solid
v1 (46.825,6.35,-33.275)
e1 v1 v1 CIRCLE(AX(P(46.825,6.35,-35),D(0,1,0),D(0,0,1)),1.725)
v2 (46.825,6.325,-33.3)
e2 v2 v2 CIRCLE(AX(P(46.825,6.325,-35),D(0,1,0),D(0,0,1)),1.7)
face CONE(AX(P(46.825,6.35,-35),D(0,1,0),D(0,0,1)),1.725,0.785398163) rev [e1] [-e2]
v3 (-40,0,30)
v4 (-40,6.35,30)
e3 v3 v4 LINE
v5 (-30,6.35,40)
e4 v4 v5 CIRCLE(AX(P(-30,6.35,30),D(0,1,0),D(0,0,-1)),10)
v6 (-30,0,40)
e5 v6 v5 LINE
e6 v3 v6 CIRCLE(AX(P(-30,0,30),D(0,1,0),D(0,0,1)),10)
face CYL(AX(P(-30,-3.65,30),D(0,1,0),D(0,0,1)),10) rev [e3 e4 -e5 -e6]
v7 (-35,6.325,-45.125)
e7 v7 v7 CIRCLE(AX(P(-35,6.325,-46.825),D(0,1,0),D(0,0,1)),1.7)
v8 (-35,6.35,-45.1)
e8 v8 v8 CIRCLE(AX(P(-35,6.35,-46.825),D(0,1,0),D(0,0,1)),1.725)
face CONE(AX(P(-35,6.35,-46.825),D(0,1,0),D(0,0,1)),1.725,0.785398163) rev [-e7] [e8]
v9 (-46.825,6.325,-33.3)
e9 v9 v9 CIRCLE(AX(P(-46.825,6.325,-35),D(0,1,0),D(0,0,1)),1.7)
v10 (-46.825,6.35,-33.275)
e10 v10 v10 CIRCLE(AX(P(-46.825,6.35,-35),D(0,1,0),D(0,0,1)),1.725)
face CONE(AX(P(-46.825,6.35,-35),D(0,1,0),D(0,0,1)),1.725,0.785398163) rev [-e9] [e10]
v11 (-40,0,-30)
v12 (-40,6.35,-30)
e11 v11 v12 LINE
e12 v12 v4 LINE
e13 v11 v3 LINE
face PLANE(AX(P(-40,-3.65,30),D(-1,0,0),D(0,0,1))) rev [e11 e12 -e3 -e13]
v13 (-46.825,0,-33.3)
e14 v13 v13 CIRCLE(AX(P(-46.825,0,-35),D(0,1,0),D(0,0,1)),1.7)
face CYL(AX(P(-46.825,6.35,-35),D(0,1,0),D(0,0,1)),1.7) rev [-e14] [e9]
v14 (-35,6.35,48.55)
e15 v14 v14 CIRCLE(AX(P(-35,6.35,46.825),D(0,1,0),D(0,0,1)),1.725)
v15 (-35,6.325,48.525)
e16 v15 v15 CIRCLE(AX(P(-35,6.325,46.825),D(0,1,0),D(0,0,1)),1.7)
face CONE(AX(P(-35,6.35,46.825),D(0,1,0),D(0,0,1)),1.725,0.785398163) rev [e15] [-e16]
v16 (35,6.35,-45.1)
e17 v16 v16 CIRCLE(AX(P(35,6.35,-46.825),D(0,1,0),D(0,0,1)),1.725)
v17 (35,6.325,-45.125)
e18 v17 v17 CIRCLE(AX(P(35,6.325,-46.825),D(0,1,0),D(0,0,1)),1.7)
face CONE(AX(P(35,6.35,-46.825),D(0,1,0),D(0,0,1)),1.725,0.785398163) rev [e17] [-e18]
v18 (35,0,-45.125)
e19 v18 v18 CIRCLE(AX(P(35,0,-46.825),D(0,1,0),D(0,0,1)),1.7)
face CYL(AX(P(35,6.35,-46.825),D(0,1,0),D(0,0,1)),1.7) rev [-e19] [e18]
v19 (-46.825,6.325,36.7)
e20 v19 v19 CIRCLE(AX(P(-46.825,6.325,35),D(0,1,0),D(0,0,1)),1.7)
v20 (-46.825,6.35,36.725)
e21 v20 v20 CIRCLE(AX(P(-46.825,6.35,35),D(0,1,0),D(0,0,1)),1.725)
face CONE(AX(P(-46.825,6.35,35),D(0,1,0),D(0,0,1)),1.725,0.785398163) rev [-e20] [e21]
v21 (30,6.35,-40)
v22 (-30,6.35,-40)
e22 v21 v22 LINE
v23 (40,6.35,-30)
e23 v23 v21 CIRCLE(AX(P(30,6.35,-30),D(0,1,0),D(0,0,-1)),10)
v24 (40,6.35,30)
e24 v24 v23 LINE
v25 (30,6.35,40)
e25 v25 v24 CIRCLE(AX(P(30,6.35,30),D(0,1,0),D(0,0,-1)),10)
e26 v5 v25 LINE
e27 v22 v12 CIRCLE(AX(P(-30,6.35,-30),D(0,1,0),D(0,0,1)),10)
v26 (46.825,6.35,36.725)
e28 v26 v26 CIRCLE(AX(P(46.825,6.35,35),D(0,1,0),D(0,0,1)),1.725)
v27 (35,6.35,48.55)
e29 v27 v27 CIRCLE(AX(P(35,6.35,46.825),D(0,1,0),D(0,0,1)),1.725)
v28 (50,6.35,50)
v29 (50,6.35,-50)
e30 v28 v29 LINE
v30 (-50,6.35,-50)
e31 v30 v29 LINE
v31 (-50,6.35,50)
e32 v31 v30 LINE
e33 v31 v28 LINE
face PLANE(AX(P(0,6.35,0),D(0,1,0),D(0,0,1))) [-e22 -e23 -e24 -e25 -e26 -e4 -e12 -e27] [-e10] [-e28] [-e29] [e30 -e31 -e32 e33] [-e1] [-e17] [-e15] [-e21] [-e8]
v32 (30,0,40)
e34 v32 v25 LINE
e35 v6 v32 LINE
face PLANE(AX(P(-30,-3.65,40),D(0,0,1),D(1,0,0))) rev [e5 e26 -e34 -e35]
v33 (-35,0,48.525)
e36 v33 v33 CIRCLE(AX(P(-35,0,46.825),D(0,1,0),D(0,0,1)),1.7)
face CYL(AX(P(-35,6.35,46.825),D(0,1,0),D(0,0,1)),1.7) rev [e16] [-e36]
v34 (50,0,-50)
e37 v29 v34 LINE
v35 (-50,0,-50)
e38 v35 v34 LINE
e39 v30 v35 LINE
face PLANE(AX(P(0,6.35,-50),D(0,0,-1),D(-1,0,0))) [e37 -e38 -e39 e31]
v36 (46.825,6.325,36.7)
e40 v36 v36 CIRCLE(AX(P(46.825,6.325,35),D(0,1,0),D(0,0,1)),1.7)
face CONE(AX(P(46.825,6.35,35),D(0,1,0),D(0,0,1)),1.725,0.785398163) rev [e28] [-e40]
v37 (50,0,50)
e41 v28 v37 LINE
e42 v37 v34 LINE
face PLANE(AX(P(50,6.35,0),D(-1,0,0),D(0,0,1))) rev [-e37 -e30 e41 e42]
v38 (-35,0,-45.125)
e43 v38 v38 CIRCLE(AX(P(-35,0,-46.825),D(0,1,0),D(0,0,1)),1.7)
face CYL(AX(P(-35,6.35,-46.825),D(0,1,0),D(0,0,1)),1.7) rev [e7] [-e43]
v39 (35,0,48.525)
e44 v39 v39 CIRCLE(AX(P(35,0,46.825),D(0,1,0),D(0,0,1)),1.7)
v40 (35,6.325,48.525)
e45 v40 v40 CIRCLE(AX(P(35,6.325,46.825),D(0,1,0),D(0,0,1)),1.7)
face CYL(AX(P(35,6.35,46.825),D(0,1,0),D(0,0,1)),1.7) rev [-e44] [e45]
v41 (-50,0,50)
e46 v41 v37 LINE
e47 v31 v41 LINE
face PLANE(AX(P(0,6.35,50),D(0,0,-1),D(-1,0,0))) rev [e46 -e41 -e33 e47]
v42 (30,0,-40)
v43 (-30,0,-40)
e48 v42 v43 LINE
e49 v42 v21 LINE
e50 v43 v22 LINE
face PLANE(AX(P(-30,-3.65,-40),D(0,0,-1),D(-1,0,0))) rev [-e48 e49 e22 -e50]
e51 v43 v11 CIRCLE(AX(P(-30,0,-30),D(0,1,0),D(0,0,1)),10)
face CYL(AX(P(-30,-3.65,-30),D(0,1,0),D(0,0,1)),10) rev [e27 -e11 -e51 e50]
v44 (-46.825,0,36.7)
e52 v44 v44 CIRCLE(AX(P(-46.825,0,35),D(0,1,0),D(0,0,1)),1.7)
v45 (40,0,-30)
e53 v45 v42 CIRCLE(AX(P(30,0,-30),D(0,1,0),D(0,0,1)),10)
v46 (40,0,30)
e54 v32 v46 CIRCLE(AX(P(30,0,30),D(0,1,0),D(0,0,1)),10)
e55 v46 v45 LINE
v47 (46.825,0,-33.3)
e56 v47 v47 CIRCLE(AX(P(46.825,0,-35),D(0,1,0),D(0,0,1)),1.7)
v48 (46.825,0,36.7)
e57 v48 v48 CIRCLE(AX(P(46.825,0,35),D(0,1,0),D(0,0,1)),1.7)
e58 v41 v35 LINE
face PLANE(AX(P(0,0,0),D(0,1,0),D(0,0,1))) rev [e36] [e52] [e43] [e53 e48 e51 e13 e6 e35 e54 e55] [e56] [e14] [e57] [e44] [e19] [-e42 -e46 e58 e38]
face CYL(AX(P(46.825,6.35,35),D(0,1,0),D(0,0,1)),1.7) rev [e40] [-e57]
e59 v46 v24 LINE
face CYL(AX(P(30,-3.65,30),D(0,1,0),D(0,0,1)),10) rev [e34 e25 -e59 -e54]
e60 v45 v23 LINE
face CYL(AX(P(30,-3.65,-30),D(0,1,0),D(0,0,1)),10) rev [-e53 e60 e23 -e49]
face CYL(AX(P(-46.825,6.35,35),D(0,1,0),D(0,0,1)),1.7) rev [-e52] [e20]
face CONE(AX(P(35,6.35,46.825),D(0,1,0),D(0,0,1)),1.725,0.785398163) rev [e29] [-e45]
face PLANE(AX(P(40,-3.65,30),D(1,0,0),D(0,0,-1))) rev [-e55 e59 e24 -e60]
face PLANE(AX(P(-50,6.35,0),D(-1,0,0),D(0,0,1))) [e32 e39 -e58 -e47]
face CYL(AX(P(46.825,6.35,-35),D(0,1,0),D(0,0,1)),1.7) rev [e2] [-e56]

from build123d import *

# Parameters (mm, degrees)
SKETCH1_W                      = 100
SKETCH1_H                      = 100
BOSS_EXTRUDE3_DEPTH            = 6.35
M3_CLEARANCE_HOLE1_D           = 3.4
M3_CLEARANCE_HOLE1_CSINK_D     = 3.45
M3_CLEARANCE_HOLE1_CSINK_ANGLE = 90
CUT_EXTRUDE1_DEPTH             = 10


with BuildPart() as part:
    # Sketch1 → Boss-Extrude3 (new body)
    with BuildSketch(Plane(origin=(0, 0, 0), x_dir=(1, 0, 0), z_dir=(0, 1, 0))):
        Rectangle(SKETCH1_W, SKETCH1_H)
    extrude(amount=BOSS_EXTRUDE3_DEPTH)

    # M3 Clearance Hole1 (through all)
    with Locations(Plane(origin=(0, 6.35, 0), x_dir=(1, 0, 0), z_dir=(0, 1, 0))):
        with Locations((-46.825, 35), (-35, 46.825), (35, 46.825), (46.825, 35), (46.825, -35), (35, -46.825), (-35, -46.825), (-46.825, -35)):
            CounterSinkHole(M3_CLEARANCE_HOLE1_D / 2, M3_CLEARANCE_HOLE1_CSINK_D / 2, counter_sink_angle=M3_CLEARANCE_HOLE1_CSINK_ANGLE)

    # Sketch19 → Cut-Extrude1 (cut)
    with BuildSketch(Plane(origin=(0, 6.35, 0), x_dir=(1, 0, 0), z_dir=(0, 1, 0))):
        with BuildLine():
            Line((-30, -40), (30, -40))
            ThreePointArc((30, -40), (37.071067812, -37.071067812), (40, -30))
            Line((40, -30), (40, 30))
            ThreePointArc((40, 30), (37.071067812, 37.071067812), (30, 40))
            Line((30, 40), (-30, 40))
            ThreePointArc((-30, 40), (-37.071067812, 37.071067812), (-40, 30))
            Line((-40, 30), (-40, -30))
            ThreePointArc((-40, -30), (-37.071067812, -37.071067812), (-30, -40))
        make_face()
    extrude(amount=-CUT_EXTRUDE1_DEPTH, mode=Mode.SUBTRACT)


solid = part.part
